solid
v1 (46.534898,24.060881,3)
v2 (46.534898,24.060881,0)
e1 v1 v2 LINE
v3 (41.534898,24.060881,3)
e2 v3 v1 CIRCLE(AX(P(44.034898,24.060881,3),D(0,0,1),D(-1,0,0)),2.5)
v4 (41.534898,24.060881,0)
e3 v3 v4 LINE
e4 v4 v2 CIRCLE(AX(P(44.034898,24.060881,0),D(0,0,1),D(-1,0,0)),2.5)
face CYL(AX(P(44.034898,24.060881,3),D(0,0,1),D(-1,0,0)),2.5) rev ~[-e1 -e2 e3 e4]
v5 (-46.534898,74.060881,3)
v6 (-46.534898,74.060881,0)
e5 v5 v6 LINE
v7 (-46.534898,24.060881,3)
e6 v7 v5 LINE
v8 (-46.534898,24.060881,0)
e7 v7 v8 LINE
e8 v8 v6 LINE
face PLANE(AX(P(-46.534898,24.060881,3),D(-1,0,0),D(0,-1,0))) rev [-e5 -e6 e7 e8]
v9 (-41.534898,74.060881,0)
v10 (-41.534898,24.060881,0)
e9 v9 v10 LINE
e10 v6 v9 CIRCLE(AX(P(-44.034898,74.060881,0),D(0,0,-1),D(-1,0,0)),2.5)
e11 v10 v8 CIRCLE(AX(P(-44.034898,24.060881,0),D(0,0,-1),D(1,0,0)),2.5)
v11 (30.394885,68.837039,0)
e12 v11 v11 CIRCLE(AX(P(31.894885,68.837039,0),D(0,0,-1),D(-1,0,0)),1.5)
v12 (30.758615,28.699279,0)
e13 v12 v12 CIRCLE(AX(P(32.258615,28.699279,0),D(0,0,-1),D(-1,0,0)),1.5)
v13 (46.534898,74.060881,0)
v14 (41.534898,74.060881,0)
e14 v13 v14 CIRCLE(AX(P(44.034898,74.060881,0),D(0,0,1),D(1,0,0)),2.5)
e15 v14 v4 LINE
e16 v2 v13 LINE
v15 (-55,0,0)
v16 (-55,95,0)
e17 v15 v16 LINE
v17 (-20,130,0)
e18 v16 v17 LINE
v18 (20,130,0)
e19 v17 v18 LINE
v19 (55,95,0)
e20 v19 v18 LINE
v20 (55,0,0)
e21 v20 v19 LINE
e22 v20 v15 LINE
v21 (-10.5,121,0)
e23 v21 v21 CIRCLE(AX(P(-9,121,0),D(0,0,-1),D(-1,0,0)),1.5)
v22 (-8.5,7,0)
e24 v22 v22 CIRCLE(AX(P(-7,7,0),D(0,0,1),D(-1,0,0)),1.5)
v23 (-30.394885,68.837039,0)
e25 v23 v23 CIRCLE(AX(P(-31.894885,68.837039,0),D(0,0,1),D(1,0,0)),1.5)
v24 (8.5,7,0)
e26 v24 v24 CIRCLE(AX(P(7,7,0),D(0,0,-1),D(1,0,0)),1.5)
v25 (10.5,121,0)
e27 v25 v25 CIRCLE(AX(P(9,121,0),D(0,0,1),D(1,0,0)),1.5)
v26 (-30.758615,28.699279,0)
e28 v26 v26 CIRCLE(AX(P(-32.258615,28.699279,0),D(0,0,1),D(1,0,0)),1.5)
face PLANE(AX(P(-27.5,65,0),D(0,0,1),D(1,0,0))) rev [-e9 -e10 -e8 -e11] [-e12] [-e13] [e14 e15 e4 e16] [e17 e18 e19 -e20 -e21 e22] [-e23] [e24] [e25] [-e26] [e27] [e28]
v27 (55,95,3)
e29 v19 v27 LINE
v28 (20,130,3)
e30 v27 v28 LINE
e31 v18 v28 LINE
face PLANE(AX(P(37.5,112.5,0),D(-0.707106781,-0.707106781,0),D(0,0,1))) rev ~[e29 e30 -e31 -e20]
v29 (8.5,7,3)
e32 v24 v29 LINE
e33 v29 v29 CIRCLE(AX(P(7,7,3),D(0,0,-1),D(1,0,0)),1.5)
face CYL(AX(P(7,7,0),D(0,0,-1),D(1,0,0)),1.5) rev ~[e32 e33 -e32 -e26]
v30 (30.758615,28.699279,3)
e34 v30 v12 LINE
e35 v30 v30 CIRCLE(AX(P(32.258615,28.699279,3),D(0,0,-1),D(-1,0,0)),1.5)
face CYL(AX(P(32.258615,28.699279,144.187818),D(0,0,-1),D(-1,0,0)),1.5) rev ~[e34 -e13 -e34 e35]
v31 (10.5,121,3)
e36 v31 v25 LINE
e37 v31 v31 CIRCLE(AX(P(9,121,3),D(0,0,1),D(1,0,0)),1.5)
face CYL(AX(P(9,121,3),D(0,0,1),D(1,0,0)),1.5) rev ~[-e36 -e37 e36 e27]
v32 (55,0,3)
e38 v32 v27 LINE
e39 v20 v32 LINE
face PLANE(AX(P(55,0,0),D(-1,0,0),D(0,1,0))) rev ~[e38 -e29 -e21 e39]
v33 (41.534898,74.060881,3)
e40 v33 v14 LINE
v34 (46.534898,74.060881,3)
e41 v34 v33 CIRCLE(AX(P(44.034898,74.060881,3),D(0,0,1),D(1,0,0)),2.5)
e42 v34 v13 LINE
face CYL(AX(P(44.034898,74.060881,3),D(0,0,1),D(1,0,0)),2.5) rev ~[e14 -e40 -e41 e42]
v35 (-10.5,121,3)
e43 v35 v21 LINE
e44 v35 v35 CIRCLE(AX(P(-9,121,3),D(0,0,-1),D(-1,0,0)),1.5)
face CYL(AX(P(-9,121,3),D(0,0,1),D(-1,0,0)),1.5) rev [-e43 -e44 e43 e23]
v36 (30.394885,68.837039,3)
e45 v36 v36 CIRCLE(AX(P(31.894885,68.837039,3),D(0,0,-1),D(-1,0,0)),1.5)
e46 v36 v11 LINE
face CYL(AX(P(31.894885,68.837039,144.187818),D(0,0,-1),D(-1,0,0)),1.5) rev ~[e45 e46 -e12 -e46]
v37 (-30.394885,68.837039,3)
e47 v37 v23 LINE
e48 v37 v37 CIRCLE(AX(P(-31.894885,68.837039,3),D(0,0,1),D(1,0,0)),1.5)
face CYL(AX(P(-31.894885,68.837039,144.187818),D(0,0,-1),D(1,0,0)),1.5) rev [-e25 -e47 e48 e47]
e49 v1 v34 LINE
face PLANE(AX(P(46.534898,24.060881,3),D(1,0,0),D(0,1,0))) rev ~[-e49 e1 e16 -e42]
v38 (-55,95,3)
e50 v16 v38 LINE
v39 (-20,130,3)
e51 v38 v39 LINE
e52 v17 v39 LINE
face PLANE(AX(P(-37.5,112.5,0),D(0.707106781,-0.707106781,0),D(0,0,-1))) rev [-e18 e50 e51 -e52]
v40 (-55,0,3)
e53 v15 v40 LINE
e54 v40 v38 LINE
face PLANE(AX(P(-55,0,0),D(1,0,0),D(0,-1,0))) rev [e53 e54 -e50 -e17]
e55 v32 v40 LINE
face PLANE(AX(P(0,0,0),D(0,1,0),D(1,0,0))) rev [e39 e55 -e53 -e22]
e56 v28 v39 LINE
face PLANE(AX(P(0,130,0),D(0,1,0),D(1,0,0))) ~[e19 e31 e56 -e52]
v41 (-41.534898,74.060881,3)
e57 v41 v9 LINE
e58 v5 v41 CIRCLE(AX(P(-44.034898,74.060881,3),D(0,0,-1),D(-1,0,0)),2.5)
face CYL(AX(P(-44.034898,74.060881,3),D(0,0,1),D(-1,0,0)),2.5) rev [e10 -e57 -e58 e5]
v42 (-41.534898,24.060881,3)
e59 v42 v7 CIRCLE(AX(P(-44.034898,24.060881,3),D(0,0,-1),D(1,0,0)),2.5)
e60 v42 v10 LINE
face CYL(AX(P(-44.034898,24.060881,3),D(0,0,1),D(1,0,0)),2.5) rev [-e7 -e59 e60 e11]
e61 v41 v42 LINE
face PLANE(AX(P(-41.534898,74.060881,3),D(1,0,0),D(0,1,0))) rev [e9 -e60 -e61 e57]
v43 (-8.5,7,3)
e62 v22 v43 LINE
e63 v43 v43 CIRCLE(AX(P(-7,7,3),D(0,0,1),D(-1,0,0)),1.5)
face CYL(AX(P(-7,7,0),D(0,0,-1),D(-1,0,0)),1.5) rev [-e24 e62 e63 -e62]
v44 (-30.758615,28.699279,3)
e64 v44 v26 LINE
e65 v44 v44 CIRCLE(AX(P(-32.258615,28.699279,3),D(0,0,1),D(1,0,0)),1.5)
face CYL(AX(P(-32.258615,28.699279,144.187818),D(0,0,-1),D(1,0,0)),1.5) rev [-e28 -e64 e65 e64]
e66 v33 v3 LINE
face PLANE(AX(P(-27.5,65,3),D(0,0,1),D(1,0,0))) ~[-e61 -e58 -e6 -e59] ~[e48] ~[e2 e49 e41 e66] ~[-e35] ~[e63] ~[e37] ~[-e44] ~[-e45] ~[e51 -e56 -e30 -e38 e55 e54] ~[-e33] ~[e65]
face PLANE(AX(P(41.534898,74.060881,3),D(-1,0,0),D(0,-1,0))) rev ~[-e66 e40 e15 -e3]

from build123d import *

# Parameters (mm, degrees)
F0_W      = 55
F0_H      = 130
F1_DEPTH  = 3
F2_SIZE   = 35
F4_DEPTH  = 34.03176
F6_D      = 3
F8_D      = 3
F9_R      = 1.5
F10_DEPTH = 25
F11_R     = 1.5
F12_DEPTH = 25


with BuildPart() as f1:
    # F0 (on Top) → F1 (new body)
    with BuildSketch(Plane.XY):
        with Locations((27.5, 65)):
            Rectangle(F0_W, F0_H)
    extrude(amount=F1_DEPTH)

    # F2
    f2_edges = [f1.edges().sort_by_distance(p)[0] for p in [
        (55, 130, 1.5),
    ]]
    chamfer(f2_edges, length=F2_SIZE)

    # F3 (on face) → F4 (cut)
    with BuildSketch(Plane.XY.offset(3)):
        with BuildLine():
            ThreePointArc((46.534898, 74.060881), (44.034898, 76.560881), (41.534898, 74.060881))
            Line((41.534898, 74.060881), (41.534898, 24.060881))
            ThreePointArc((41.534898, 24.060881), (44.034898, 21.560881), (46.534898, 24.060881))
            Line((46.534898, 24.060881), (46.534898, 74.060881))
        make_face()
    extrude(amount=-F4_DEPTH, mode=Mode.SUBTRACT)

    # F6 (through all)
    with Locations(Plane.XY.offset(3)):
        with Locations((31.894885, 68.837039)):
            Hole(F6_D / 2)

    # F8 (through all)
    with Locations(Plane.XY.offset(3)):
        with Locations((32.258615, 28.699279)):
            Hole(F8_D / 2)

    # F9 (on face) → F10 (cut)
    with BuildSketch(Plane(origin=(0, 0, 0), x_dir=(1, 0, 0), z_dir=(0, 0, -1))):
        with Locations((7, -7)):
            Circle(F9_R)
    extrude(amount=-F10_DEPTH, mode=Mode.SUBTRACT)

    # F11 (on face) → F12 (cut)
    with BuildSketch(Plane.XY.offset(3)):
        with Locations((9, 121)):
            Circle(F11_R)
    extrude(amount=-F12_DEPTH, mode=Mode.SUBTRACT)

    # F14: F1 across plane


with BuildPart() as f1_1:
    add(f1.part)
    add(f1.part.mirror(Plane.YZ))


solid = f1_1.part
